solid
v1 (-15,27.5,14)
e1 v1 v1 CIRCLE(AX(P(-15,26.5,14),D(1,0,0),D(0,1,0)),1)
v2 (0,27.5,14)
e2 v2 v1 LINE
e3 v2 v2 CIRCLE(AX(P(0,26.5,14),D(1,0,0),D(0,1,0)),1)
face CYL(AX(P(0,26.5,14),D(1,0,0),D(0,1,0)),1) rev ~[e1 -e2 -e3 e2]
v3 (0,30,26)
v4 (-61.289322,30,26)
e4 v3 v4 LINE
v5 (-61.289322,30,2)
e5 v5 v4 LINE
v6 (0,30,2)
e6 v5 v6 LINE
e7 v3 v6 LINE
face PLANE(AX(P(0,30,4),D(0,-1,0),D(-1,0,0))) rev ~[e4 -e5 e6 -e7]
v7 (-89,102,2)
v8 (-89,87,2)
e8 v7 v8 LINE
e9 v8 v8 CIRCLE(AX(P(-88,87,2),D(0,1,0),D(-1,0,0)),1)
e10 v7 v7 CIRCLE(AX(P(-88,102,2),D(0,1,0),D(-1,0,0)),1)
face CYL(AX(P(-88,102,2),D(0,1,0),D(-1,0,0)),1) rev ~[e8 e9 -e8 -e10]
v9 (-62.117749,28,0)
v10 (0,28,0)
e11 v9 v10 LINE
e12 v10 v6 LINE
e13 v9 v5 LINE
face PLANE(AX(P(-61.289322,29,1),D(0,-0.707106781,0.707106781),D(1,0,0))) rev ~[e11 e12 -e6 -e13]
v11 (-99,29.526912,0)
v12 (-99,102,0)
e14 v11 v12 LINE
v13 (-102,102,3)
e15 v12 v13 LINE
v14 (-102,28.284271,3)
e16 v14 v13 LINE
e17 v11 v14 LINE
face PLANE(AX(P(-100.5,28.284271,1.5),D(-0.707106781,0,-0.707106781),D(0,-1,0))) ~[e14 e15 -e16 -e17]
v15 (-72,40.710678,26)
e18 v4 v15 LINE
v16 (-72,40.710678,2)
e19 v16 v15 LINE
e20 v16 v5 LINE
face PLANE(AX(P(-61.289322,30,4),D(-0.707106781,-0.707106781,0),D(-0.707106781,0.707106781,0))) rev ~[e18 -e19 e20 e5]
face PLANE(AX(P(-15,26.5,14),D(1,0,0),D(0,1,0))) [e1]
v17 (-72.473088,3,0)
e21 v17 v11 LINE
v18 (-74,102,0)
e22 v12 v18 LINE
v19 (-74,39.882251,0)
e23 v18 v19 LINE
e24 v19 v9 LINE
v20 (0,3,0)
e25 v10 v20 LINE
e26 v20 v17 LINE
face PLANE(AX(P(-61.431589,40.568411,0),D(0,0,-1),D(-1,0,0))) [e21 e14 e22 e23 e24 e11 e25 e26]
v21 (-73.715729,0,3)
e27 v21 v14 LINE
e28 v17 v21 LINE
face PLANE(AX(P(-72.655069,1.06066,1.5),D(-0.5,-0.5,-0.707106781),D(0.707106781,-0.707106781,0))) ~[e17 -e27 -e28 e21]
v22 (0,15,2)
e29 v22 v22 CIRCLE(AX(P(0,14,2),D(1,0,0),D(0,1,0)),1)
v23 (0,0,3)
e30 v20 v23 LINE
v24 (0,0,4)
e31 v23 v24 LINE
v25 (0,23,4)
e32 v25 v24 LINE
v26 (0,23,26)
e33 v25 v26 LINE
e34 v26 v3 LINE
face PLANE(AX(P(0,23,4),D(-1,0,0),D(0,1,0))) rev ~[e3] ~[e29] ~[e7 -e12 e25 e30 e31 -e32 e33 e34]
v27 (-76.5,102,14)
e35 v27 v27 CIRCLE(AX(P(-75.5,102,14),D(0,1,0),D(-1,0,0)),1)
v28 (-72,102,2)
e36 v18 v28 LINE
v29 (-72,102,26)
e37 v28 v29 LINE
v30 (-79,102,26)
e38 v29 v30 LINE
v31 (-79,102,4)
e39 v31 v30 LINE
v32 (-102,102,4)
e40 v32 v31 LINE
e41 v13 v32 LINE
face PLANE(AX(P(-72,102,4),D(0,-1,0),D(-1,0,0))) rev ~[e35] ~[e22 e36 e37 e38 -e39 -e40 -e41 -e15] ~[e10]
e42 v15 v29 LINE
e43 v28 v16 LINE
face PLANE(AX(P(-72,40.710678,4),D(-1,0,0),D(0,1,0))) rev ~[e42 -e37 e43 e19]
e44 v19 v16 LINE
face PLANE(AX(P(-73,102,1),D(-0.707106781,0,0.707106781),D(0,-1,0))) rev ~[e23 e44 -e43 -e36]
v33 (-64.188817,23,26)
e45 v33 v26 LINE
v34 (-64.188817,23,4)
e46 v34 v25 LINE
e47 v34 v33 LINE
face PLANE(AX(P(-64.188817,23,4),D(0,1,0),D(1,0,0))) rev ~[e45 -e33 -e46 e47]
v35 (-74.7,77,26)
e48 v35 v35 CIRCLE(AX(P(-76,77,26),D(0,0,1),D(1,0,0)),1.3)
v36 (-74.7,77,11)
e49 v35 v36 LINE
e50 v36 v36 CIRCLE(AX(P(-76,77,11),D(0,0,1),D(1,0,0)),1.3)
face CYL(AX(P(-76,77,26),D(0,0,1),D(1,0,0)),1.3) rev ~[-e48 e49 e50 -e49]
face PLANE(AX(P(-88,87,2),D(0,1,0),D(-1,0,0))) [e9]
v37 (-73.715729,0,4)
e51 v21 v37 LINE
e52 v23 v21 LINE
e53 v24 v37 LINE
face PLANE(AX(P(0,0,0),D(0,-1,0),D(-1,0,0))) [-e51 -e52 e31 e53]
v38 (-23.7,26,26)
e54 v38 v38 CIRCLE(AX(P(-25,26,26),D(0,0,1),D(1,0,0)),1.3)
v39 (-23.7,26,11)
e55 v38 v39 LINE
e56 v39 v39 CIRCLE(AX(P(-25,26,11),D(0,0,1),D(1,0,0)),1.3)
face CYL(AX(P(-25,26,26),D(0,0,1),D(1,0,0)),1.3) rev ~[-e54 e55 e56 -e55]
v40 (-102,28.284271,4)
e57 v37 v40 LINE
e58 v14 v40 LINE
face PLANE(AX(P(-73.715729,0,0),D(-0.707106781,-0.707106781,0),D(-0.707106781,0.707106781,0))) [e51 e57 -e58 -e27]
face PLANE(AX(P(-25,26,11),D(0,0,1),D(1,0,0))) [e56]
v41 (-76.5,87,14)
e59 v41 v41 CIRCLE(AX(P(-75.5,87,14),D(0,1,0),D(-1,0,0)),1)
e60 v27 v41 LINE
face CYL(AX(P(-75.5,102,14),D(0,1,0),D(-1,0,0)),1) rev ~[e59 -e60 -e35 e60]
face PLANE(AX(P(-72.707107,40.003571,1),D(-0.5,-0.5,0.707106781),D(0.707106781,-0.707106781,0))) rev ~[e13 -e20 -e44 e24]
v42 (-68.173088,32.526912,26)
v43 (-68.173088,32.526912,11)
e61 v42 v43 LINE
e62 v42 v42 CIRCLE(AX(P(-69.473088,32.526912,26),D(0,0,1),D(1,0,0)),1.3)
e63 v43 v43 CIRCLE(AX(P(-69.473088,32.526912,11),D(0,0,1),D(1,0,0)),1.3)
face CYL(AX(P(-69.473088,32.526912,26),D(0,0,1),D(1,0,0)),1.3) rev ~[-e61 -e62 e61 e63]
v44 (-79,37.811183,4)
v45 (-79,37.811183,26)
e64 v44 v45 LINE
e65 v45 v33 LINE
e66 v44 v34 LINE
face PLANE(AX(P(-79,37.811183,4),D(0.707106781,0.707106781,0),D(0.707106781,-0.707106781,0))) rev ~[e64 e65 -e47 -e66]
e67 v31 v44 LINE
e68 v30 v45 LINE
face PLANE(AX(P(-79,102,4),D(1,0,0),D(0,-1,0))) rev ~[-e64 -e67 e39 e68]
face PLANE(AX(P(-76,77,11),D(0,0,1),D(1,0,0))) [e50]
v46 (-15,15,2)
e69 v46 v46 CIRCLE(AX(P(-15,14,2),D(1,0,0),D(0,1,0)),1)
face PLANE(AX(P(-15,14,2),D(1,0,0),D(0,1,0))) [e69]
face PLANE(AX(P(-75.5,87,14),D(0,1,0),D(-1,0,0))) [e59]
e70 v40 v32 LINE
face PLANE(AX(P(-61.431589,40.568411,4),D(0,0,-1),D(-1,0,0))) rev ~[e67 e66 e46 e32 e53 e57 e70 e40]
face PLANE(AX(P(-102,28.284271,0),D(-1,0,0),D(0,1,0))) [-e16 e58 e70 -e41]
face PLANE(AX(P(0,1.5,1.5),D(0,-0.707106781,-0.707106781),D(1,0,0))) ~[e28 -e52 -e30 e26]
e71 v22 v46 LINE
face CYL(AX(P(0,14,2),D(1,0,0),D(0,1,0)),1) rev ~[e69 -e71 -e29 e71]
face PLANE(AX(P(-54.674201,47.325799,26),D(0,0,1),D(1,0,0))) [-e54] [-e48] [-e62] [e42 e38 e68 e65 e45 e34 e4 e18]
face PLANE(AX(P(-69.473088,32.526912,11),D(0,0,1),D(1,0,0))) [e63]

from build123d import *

# Parameters (mm, degrees)
PAD_DEPTH       = 4
PAD001_DEPTH    = 22
CHAMFER_SIZE    = 3
CHAMFER001_SIZE = 2
SKETCH002_R     = 1.3
POCKET_DEPTH    = 15
SKETCH003_R     = 1
POCKET001_DEPTH = 15
SKETCH004_R     = 1
POCKET002_DEPTH = 15


with BuildPart() as part:
    # Sketch → Pad (new body)
    with BuildSketch(Plane.XY):
        Polygon((0, 0), (-73.715729, 0), (-102, 28.284271), (-102, 102), (-72, 102), (-72, 40.710678), (-61.289322, 30), (0, 30), align=None)
    extrude(amount=PAD_DEPTH)

    # Sketch001 (on Face10 of Pad) → Pad001 (join)
    with BuildSketch(Plane.XY.offset(4)):
        Polygon((0, 30), (-61.289322, 30), (-72, 40.710678), (-72, 102), (-79, 102), (-79, 37.811183), (-64.188817, 23), (0, 23), align=None)
    extrude(amount=PAD001_DEPTH)

    # Chamfer
    chamfer_edges = [part.edges().sort_by_distance(p)[0] for p in [
        (-102, 65.142136, 0),
        (-87.857864, 14.142136, 0),
        (-36.857864, 0, 0),
    ]]
    chamfer(chamfer_edges, length=CHAMFER_SIZE)

    # Chamfer001
    chamfer001_edges = [part.edges().sort_by_distance(p)[0] for p in [
        (-72, 71.355339, 0),
        (-66.644661, 35.355339, 0),
        (-30.644661, 30, 0),
    ]]
    chamfer(chamfer001_edges, length=CHAMFER001_SIZE)

    # Sketch002 (on Face18 of Chamfer001) → Pocket (cut)
    with BuildSketch(Plane.XY.offset(26)):
        with Locations((-76, 77)):
            Circle(SKETCH002_R)
        with Locations((-69.473088, 32.526912)):
            Circle(SKETCH002_R)
        with Locations((-25, 26)):
            Circle(SKETCH002_R)
    extrude(amount=-POCKET_DEPTH, mode=Mode.SUBTRACT)

    # Sketch003 (on Face7 of Pocket) → Pocket001 (cut)
    with BuildSketch(Plane.YZ):
        with Locations((26.5, 14)):
            Circle(SKETCH003_R)
        with Locations((14, 2)):
            Circle(SKETCH003_R)
    extrude(amount=-POCKET001_DEPTH, mode=Mode.SUBTRACT)

    # Sketch004 (on Face26 of Pocket001) → Pocket002 (cut)
    with BuildSketch(Plane(origin=(0, 102, 0), x_dir=(-1, 0, 0), z_dir=(0, 1, 0))):
        with Locations((75.5, 14)):
            Circle(SKETCH004_R)
        with Locations((88, 2)):
            Circle(SKETCH004_R)
    extrude(amount=-POCKET002_DEPTH, mode=Mode.SUBTRACT)


solid = part.part
